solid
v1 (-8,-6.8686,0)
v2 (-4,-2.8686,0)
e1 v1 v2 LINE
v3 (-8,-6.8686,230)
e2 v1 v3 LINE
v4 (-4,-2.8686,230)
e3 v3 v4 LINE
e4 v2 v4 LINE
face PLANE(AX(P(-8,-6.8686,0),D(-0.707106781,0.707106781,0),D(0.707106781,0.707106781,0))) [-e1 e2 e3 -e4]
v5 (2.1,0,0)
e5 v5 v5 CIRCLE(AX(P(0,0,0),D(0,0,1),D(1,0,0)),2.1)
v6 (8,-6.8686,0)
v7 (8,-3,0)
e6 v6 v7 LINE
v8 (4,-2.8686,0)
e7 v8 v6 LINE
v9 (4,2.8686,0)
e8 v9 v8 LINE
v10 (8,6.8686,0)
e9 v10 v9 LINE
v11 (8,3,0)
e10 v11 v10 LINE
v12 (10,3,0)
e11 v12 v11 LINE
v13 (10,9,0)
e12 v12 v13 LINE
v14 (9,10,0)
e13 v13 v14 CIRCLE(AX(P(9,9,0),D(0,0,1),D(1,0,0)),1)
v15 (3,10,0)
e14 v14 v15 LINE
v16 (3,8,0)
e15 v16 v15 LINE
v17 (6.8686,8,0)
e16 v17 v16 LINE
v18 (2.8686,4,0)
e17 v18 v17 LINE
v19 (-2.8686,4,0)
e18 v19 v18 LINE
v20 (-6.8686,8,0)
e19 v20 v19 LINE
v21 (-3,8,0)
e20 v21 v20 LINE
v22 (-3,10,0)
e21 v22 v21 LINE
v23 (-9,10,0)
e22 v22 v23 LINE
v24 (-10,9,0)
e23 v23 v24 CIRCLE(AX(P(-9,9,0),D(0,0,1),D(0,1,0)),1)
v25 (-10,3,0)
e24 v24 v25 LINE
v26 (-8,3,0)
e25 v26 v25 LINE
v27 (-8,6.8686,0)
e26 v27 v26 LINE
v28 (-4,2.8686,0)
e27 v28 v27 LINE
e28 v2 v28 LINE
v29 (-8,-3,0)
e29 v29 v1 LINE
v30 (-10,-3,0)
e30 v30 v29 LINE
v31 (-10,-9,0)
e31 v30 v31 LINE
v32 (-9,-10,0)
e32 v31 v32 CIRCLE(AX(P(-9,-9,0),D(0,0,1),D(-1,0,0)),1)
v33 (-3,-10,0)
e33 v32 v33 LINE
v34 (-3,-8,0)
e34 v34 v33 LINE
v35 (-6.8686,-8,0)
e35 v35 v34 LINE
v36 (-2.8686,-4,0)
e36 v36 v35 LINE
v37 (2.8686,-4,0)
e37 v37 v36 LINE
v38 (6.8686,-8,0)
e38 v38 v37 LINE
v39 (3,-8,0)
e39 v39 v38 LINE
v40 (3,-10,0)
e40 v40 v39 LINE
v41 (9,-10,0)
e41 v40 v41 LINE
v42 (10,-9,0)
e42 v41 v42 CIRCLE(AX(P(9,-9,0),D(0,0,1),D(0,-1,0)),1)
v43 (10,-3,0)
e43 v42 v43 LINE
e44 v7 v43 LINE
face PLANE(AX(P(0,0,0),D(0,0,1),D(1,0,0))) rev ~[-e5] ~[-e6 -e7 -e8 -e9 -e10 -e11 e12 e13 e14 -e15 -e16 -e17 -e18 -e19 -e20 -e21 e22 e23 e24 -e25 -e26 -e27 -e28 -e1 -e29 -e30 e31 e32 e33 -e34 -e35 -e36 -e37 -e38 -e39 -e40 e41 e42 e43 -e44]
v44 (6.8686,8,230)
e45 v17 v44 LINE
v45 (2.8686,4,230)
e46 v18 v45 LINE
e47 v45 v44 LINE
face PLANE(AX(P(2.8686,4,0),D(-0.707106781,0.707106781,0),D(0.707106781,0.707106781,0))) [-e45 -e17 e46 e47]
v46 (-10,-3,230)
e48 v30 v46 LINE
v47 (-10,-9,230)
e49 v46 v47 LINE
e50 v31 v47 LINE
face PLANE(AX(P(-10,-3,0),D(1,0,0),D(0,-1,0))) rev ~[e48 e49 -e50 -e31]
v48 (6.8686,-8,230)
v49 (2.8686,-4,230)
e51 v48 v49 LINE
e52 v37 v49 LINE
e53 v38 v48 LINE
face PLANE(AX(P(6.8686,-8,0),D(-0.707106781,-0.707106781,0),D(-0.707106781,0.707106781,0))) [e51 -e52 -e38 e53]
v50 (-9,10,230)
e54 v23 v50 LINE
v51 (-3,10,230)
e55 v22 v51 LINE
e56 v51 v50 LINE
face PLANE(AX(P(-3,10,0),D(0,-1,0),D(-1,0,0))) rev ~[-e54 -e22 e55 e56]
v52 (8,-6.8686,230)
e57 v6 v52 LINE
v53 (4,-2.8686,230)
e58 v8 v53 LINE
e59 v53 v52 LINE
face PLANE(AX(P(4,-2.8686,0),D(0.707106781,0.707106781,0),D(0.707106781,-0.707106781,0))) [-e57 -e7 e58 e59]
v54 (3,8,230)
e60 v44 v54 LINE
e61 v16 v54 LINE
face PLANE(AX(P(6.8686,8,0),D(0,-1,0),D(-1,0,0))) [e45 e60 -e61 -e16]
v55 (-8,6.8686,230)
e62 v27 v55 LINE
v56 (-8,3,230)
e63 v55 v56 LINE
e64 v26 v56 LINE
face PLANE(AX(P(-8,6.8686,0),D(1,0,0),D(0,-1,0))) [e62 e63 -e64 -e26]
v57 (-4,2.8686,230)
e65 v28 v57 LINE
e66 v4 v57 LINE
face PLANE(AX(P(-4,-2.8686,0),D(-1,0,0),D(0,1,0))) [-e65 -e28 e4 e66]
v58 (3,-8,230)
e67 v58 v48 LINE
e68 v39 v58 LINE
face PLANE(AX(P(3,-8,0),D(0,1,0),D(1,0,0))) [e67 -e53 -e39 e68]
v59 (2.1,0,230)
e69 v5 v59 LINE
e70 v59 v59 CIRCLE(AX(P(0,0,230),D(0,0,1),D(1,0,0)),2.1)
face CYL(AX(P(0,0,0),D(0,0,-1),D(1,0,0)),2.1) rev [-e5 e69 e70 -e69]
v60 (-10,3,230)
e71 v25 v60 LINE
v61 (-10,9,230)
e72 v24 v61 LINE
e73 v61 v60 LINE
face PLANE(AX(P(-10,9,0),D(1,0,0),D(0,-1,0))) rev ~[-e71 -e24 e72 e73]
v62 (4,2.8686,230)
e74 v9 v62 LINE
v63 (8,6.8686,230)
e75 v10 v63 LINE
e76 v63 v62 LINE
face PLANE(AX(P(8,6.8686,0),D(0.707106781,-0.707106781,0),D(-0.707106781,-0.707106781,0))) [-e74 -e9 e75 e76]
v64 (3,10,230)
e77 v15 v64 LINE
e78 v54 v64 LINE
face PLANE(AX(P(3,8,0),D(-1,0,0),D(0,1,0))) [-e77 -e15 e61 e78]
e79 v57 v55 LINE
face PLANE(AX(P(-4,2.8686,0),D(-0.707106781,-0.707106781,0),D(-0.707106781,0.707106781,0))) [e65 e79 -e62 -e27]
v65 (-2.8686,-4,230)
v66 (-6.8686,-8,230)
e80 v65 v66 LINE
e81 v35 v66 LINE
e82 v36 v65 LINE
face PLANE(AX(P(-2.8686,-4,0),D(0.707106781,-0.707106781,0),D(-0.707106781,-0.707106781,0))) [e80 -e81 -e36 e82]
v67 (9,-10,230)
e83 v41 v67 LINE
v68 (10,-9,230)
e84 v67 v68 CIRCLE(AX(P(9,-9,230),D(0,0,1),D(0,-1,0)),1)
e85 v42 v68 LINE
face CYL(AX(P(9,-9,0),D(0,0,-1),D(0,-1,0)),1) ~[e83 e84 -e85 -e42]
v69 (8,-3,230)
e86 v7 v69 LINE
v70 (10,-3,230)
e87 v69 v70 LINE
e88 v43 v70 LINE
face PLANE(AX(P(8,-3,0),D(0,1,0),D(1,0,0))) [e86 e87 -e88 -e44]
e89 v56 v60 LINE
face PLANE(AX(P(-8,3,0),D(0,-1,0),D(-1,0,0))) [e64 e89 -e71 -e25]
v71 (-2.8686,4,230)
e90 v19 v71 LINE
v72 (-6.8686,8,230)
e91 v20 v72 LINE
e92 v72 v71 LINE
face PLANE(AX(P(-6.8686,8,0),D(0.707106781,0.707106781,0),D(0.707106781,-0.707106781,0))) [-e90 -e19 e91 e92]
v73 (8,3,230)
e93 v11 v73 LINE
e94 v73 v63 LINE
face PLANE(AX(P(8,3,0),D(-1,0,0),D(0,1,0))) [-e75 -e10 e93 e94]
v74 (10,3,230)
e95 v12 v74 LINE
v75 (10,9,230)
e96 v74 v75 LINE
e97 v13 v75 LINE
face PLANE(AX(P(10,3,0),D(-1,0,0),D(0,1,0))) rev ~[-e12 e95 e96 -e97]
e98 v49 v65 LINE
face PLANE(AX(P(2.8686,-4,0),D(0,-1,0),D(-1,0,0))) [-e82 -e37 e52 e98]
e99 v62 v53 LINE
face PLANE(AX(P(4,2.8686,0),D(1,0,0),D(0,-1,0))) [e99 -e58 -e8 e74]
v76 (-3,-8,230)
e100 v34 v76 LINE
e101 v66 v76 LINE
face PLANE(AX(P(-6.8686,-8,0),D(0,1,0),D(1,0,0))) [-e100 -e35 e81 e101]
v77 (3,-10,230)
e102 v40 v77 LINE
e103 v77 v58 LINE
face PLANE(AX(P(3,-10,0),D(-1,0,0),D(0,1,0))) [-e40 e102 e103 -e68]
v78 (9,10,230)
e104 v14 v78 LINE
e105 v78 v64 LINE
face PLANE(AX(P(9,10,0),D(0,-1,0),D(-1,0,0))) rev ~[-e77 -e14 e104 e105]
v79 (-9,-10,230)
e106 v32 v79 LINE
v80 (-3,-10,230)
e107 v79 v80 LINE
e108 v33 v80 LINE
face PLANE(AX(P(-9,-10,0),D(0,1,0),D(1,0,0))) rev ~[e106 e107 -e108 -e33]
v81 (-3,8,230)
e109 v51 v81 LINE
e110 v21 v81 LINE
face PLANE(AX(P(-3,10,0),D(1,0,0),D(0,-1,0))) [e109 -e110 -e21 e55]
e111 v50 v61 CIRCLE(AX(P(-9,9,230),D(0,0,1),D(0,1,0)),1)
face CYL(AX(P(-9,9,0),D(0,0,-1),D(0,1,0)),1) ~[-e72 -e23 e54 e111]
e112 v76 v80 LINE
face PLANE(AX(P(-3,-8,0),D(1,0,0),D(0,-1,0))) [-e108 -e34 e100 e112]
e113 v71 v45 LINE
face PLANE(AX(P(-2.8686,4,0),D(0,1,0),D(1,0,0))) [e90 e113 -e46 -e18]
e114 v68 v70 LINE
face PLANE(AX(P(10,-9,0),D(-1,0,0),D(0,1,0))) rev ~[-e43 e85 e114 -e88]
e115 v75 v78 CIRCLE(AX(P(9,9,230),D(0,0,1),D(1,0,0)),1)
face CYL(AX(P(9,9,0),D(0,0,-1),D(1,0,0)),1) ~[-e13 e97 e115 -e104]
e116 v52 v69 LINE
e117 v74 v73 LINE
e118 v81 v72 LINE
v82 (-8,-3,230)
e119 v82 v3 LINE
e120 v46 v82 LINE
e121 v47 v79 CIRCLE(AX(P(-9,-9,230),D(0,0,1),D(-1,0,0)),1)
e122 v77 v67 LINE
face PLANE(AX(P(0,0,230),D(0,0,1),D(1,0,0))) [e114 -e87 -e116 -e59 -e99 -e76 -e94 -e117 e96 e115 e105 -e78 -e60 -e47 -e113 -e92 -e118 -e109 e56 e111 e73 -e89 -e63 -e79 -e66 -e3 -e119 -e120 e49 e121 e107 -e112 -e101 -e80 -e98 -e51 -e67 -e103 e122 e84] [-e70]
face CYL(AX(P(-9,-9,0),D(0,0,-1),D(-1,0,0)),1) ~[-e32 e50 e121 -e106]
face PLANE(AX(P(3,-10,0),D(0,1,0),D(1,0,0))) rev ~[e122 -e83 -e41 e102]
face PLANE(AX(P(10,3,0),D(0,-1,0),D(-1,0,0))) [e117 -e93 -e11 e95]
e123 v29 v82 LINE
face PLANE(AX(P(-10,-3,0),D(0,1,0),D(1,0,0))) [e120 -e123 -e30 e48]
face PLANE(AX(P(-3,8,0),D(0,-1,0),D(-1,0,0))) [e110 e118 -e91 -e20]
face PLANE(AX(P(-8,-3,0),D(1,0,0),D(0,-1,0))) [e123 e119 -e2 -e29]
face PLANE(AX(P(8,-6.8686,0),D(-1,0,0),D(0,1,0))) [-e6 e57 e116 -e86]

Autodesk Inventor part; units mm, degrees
ref_plane "YZ Plane" through (0, 0, 0) normal (1, 0, 0) x (0, 1, 0)
ref_plane "XZ Plane" through (0, 0, 0) normal (0, 1, 0) x (-1, 0, 0)
ref_plane "XY Plane" through (0, 0, 0) normal (0, 0, 1) x (1, 0, 0)
sketch "スケッチ1" plane through (0, 0, 0) normal (0, 0, 1) x (1, 0, 0)
  line L0 (-10, -10) -> (10, 10) construction
  line L1 (10, -10) -> (-10, 10) construction
  line L2 (10, 3) -> (8, 3)
  line L3 (8, 3) -> (8, 6.8686)
  line L4 (8, 6.8686) -> (4, 2.8686)
  line L5 (4, 2.8686) -> (4, -2.8686)
  line L6 (4, -2.8686) -> (8, -6.8686)
  line L7 (8, -6.8686) -> (8, -3)
  line L8 (8, -3) -> (10, -3)
  line L9 (-10, 0) -> (10, 0) construction
  line L10 (-3, 10) -> (-3, 8)
  line L11 (-3, 8) -> (-6.8686, 8)
  line L12 (-6.8686, 8) -> (-2.8686, 4)
  line L13 (-2.8686, 4) -> (2.8686, 4)
  line L14 (3, 8) -> (3, 10)
  line L15 (2.8686, 4) -> (6.8686, 8)
  line L16 (6.8686, 8) -> (3, 8)
  line L17 (-10, -3) -> (-8, -3)
  line L18 (-8, -3) -> (-8, -6.8686)
  line L19 (-8, -6.8686) -> (-4, -2.8686)
  line L20 (-4, -2.8686) -> (-4, 2.8686)
  line L21 (-8, 3) -> (-10, 3)
  line L22 (-4, 2.8686) -> (-8, 6.8686)
  line L23 (-8, 6.8686) -> (-8, 3)
  line L24 (3, -10) -> (3, -8)
  line L25 (3, -8) -> (6.8686, -8)
  line L26 (6.8686, -8) -> (2.8686, -4)
  line L27 (2.8686, -4) -> (-2.8686, -4)
  line L28 (-3, -8) -> (-3, -10)
  line L29 (-2.8686, -4) -> (-6.8686, -8)
  line L30 (-6.8686, -8) -> (-3, -8)
  line L31 (9, 10) -> (3, 10)
  line L32 (-3, 10) -> (-9, 10)
  line L33 (-10, 9) -> (-10, 3)
  line L34 (-10, -3) -> (-10, -9)
  line L35 (-9, -10) -> (-3, -10)
  line L36 (3, -10) -> (9, -10)
  line L37 (10, -9) -> (10, -3)
  line L38 (10, 3) -> (10, 9)
  circle A0 centre (0, 0) radius 2.1
  arc A1 (-9, 10) -> (-10, 9) centre (-9, 9) ccw
  arc A2 (-10, -9) -> (-9, -10) centre (-9, -9) ccw
  arc A3 (9, -10) -> (10, -9) centre (9, -9) ccw
  arc A4 (10, 9) -> (9, 10) centre (9, 9) ccw
  point P0 (0, 10)
  point P1 (-10, 0)
  point P2 (0, -10)
  dimension "d0" = 2
  dimension "d1" = 6
  dimension "d2" = 4
  dimension "d3" = 0.8
  dimension "d9" = 20
  dimension "d10" = 4.2
  dimension "d11" = 1
extrude "押し出し1" add sketch "スケッチ1" along normal blind 230
properties part number "高剛性フレーム"
